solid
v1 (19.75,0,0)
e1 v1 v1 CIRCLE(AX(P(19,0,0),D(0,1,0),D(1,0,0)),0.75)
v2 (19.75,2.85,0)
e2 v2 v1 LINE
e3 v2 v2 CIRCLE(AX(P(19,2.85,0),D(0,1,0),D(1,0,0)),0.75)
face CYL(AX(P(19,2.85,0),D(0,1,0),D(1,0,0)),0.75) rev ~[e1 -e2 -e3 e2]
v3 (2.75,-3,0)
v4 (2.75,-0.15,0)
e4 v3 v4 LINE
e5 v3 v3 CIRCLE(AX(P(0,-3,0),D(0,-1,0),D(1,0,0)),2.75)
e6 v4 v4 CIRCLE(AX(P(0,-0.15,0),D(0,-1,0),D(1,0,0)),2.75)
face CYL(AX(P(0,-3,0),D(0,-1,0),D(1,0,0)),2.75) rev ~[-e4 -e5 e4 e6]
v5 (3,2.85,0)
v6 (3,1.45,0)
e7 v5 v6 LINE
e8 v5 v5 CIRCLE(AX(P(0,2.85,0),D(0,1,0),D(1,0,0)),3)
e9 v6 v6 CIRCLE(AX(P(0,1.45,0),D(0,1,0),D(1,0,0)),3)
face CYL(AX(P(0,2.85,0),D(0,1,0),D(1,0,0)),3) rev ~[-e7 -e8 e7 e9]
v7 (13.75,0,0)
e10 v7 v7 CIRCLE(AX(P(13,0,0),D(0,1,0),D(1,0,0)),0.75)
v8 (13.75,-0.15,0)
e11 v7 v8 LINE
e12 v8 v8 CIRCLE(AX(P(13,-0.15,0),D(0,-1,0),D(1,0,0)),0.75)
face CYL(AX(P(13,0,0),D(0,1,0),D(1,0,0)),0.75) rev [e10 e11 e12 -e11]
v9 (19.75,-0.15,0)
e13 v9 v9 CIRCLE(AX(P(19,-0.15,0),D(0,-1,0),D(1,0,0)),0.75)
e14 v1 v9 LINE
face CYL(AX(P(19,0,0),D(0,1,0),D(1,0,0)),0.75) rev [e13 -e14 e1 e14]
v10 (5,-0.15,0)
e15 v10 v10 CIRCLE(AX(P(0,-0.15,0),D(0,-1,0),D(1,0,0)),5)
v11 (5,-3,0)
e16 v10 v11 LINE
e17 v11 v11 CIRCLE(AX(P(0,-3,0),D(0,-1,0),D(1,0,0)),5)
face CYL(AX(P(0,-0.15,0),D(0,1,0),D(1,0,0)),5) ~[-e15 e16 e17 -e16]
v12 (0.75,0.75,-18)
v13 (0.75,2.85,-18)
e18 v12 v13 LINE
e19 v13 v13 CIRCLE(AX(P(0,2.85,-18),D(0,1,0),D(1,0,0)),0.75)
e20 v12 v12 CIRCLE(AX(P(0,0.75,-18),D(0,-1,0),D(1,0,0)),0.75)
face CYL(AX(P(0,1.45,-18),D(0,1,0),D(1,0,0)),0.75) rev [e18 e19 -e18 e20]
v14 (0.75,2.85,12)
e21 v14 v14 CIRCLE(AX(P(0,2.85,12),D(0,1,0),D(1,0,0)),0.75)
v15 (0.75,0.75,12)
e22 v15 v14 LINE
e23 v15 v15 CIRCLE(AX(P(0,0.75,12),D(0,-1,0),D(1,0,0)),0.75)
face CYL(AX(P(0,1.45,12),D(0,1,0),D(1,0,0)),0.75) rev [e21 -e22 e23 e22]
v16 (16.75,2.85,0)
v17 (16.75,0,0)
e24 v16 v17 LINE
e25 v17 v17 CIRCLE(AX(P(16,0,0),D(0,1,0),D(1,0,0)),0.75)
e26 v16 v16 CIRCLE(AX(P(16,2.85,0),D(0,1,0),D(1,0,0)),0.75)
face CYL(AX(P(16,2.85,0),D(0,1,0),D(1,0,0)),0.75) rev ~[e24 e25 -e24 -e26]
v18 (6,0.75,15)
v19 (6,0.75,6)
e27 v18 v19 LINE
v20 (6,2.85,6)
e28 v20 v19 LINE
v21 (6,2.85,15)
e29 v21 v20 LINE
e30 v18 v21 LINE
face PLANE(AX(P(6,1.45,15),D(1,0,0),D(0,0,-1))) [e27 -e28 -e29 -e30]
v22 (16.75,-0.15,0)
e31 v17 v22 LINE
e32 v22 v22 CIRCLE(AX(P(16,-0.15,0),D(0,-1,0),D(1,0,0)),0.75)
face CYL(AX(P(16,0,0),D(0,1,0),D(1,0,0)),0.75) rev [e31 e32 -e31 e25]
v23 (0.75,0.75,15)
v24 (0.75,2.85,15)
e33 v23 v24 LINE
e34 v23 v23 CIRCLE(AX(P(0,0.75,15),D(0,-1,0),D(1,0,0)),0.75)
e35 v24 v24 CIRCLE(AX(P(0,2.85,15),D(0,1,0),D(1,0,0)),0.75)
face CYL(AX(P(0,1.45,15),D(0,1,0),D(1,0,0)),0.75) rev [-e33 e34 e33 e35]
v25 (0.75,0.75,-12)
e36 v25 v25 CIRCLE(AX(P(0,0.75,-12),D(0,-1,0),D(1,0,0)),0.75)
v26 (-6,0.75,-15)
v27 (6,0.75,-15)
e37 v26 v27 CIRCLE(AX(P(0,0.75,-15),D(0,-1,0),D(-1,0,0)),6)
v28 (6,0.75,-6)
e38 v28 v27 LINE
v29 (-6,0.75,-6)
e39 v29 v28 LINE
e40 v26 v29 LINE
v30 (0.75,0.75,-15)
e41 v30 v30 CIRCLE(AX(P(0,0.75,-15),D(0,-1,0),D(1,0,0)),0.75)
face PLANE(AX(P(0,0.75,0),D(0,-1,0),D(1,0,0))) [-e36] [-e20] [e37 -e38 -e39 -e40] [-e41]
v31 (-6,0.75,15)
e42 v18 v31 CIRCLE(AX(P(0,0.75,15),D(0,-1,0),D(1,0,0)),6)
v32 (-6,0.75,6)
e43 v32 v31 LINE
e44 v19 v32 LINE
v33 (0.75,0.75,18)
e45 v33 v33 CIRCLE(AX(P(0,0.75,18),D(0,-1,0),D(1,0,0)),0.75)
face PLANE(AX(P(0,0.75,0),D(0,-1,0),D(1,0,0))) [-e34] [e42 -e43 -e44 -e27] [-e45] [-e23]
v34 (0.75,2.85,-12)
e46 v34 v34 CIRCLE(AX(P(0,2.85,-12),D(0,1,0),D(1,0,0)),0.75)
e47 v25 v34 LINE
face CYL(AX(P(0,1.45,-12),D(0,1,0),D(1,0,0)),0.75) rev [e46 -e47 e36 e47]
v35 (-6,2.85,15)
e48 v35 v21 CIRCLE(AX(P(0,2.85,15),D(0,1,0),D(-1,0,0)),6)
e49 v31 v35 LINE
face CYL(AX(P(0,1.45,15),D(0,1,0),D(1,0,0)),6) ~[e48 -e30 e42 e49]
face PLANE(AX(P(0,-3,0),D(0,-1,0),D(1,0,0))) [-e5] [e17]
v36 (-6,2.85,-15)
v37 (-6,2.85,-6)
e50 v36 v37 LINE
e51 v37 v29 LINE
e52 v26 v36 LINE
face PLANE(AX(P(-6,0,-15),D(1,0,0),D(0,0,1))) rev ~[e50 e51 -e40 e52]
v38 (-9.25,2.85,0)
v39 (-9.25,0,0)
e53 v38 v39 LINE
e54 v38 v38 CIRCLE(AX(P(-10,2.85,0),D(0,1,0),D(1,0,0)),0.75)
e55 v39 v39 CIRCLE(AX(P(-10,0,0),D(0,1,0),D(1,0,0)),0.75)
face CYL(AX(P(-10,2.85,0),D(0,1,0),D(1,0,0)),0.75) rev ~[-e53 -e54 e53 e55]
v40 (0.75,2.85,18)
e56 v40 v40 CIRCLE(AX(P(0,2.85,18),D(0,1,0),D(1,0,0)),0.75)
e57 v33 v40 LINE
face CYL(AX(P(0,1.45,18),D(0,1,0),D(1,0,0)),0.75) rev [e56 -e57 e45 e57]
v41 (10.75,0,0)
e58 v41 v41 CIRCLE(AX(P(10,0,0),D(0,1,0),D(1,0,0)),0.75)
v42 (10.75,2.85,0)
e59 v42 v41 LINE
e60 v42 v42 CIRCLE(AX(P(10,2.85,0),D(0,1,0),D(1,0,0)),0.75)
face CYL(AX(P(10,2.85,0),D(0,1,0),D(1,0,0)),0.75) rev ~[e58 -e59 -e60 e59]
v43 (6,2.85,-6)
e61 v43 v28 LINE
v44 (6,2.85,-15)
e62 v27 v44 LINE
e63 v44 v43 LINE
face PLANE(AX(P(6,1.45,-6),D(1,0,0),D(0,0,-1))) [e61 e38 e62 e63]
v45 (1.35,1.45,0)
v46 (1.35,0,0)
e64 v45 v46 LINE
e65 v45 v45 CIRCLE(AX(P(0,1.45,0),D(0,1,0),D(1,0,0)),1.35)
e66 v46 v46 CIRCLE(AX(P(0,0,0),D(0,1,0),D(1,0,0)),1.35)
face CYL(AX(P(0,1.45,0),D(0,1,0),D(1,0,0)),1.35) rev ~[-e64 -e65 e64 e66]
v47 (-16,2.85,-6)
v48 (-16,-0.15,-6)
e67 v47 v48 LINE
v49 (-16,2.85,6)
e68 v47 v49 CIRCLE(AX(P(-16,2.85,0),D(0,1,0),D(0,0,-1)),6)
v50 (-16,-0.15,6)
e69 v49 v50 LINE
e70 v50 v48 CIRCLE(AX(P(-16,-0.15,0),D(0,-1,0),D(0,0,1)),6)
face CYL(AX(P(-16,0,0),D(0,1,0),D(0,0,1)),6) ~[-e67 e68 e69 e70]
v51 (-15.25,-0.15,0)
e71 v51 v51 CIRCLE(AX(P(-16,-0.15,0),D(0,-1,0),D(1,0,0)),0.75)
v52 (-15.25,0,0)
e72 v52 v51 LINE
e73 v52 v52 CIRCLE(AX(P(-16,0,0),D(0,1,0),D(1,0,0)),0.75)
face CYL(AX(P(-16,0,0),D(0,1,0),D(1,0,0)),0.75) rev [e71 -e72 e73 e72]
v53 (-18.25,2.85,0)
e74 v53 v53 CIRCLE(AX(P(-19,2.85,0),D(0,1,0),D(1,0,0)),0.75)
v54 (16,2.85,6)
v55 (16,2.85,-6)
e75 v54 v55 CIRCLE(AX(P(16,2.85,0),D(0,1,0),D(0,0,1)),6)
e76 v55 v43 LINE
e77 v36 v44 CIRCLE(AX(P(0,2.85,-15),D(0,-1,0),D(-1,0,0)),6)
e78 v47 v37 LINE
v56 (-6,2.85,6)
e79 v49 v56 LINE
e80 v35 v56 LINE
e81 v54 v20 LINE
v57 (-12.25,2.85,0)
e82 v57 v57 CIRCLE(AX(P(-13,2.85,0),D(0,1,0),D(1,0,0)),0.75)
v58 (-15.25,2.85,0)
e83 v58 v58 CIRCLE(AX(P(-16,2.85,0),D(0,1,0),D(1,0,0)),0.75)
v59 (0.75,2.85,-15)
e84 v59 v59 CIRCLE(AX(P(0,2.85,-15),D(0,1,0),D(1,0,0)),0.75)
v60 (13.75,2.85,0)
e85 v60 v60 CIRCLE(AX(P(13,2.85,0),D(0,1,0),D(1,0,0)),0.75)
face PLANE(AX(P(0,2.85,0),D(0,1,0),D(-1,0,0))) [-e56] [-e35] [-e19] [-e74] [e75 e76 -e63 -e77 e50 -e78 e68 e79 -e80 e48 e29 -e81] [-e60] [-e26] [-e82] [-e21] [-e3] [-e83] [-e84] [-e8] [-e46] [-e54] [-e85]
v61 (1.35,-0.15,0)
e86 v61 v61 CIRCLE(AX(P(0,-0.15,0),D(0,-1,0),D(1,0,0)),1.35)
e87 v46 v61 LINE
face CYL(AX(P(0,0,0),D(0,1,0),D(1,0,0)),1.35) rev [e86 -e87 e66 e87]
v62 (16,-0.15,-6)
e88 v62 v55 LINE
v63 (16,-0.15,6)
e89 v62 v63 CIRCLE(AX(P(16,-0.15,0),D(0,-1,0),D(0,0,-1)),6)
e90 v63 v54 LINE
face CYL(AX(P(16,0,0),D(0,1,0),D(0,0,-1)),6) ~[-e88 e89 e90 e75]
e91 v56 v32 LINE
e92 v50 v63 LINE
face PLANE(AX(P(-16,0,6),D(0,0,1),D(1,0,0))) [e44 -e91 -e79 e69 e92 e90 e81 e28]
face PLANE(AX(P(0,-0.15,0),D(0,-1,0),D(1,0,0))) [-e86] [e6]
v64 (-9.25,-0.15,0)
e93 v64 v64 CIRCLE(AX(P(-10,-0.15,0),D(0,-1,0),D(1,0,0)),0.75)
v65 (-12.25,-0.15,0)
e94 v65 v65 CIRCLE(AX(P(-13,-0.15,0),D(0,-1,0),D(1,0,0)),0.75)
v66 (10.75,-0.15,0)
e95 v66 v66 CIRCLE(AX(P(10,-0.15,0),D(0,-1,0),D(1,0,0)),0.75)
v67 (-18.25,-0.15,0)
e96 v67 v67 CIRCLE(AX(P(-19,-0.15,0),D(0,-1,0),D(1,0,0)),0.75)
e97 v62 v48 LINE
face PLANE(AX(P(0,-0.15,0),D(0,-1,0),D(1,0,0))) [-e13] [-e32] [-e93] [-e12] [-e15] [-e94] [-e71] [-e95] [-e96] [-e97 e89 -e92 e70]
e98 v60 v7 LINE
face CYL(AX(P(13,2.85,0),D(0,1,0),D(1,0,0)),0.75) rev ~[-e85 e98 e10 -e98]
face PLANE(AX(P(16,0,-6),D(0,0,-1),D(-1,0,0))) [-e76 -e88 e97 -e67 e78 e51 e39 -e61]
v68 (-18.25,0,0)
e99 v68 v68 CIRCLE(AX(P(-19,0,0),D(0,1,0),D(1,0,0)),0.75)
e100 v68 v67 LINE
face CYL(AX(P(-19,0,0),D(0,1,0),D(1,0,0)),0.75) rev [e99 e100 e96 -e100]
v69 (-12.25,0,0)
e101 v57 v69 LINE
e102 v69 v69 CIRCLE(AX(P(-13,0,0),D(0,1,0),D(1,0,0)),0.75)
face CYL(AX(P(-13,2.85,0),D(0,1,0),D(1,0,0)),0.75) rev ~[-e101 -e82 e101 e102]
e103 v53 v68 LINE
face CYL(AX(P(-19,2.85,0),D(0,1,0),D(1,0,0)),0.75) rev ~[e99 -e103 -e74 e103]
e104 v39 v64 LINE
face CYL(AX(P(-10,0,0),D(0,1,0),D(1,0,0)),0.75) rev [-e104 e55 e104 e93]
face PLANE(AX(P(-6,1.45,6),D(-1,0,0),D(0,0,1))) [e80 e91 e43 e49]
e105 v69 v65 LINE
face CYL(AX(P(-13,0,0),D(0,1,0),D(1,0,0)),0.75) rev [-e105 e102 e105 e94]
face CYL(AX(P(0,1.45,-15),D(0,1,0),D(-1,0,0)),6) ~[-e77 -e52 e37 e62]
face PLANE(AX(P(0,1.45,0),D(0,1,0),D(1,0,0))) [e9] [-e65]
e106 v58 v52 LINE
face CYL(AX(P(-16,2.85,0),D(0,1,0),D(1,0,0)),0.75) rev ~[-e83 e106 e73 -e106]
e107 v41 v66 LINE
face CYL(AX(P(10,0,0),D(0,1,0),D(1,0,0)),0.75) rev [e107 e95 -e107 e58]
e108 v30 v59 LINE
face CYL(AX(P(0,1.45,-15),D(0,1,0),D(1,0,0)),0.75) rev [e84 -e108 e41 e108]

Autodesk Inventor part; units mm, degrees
ref_plane "YZ Plane" through (0, 0, 0) normal (1, 0, 0) x (0, 1, 0)
ref_plane "XZ Plane" through (0, 0, 0) normal (0, 1, 0) x (-1, 0, 0)
ref_plane "XY Plane" through (0, 0, 0) normal (0, 0, 1) x (1, 0, 0)
sketch "Sketch1" plane through (0, 0, 0) normal (0, 1, 0) x (-1, 0, 0)
  line L0 (6, -15) -> (6, -6)
  line L1 (16, -6) -> (16, 0)
  line L2 (6, -15) -> (0, -15)
  line L3 (16, -6) -> (6, -6)
  arc A0 (0, -21) -> (6, -15) centre (0, -15) ccw
  arc A1 (16, -6) -> (22, 0) centre (16, 0) ccw
  line L4 (6, 15) -> (6, 6)
  line L5 (16, 6) -> (16, 0)
  line L6 (6, 15) -> (0, 15)
  line L7 (16, 6) -> (6, 6)
  arc A2 (6, 15) -> (0, 21) centre (0, 15) ccw
  arc A3 (22, 0) -> (16, 6) centre (16, 0) ccw
  line L8 (-6, -15) -> (-6, -6)
  line L9 (-16, -6) -> (-16, 0)
  line L10 (-6, -15) -> (0, -15)
  line L11 (-16, -6) -> (-6, -6)
  arc A4 (-6, -15) -> (0, -21) centre (0, -15) ccw
  arc A5 (-22, 0) -> (-16, -6) centre (-16, 0) ccw
  line L12 (-16, 6) -> (-16, 0)
  arc A6 (-16, 6) -> (-22, 0) centre (-16, 0) ccw
  line L13 (-16, 6) -> (-6, 6)
  line L14 (-6, 15) -> (-6, 6)
  line L15 (-6, 15) -> (0, 15)
  arc A7 (0, 21) -> (-6, 15) centre (0, 15) ccw
  point P0 (0, 0)
  dimension "d0" = 16
  dimension "d1" = 15
extrude "Extrusion1" add sketch "Sketch1" along normal blind 2.85
sketch "Sketch2" plane through (0, 0, 0) normal (0, -1, 0) x (1, 0, 0)
  line L0 (-6, -15) -> (-6, -6) projected
  line L1 (-6, -6) -> (-6, -15)
  line L2 (6, -6) -> (6, -15) projected
  line L3 (6, -6) -> (6, -15)
  arc A0 (-6, -15) -> (6, -15) centre (0, -15) ccw
  line L4 (-6, -6) -> (6, -6)
  line L5 (-6, 15) -> (-6, 6)
  line L6 (6, 6) -> (6, 15)
  arc A1 (6, 15) -> (-6, 15) centre (0, 15) ccw
  line L7 (-6, 6) -> (6, 6)
  point P0 (0, 0)
extrude "Extrusion2" cut sketch "Sketch2" against normal blind 1.45
sketch "Sketch3" plane through (0, 2.85, 0) normal (0, 1, 0) x (1, 0, 0)
  circle A0 centre (16, 0) radius 0.75
  circle A1 centre (0, -15) radius 0.75
  circle A2 centre (10, 0) radius 0.75
  circle A3 centre (13, 0) radius 0.75
  circle A4 centre (19, 0) radius 0.75
  arc A5 (6, 15) -> (-6, 15) centre (0, 15) ccw projected
  arc A6 (-6, -15) -> (6, -15) centre (0, -15) ccw projected
  circle A7 centre (-16, 0) radius 0.75
  circle A8 centre (-10, 0) radius 0.75
  circle A9 centre (-13, 0) radius 0.75
  circle A10 centre (-19, 0) radius 0.75
  circle A11 centre (0, -12) radius 0.75
  circle A12 centre (0, -18) radius 0.75
  arc A13 (16, -6) -> (16, 6) centre (16, 0) ccw projected
  arc A14 (-16, 6) -> (-16, -6) centre (-16, 0) ccw projected
  circle A15 centre (0, 15) radius 0.75
  circle A16 centre (0, 12) radius 0.75
  circle A17 centre (0, 18) radius 0.75
  point P0 (0, 0)
  dimension "d10" = 1.5
  dimension "d12" = 1.5
  dimension "d14" = 1.5
  dimension "d17" = 1.5
  dimension "d19" = 1.5
  dimension "d22" = 1.5
extrude "Extrusion3" cut sketch "Sketch3" against normal blind 2.85
sketch "Sketch4" plane through (0, 2.85, 0) normal (0, 1, 0) x (1, 0, 0)
  circle A0 centre (0, 0) radius 3
  dimension "d25" = 6
extrude "Extrusion4" cut sketch "Sketch4" against normal blind 1.4
sketch "Sketch5" plane through (0, 1.45, 0) normal (0, 1, 0) x (1, 0, 0)
  circle A0 centre (0, 0) radius 1.35
  dimension "d28" = 2.7
extrude "Extrusion5" cut sketch "Sketch5" against normal blind 1.45
sketch "Sketch6" plane through (0, 1.45, 0) normal (0, -1, 0) x (1, 0, 0)
  circle A0 centre (0, 18) radius 0.75 projected
  circle A1 centre (0, 12) radius 0.75 projected
  circle A2 centre (0, 15) radius 0.75 projected
  line L0 (6, 6) -> (-6, 6) projected
  line L1 (6, 15) -> (6, 6) projected
  arc A3 (6, 15) -> (-6, 15) centre (0, 15) ccw projected
  line L2 (-6, 6) -> (-6, 15) projected
  point P0 (0, 0)
extrude "Extrusion6" add sketch "Sketch6" along normal blind 0.7
sketch "Sketch7" plane through (0, 1.45, 0) normal (0, -1, 0) x (1, 0, 0)
  circle A0 centre (0, -18) radius 0.75 projected
  circle A1 centre (0, -15) radius 0.75 projected
  circle A2 centre (0, -12) radius 0.75 projected
  line L0 (6, -6) -> (6, -15) projected
  line L1 (-6, -6) -> (6, -6) projected
  line L2 (-6, -15) -> (-6, -6) projected
  arc A3 (-6, -15) -> (6, -15) centre (0, -15) ccw projected
  point P0 (0, 0)
extrude "Extrusion7" add sketch "Sketch7" along normal blind 0.7
sketch "Sketch8" plane through (0, 0, 0) normal (0, -1, 0) x (1, 0, 0)
  circle A0 centre (0, 0) radius 1.35 projected
  circle A1 centre (13, 0) radius 0.75 projected
  circle A2 centre (-19, 0) radius 0.75 projected
  circle A3 centre (-16, 0) radius 0.75 projected
  circle A4 centre (16, 0) radius 0.75 projected
  circle A5 centre (10, 0) radius 0.75 projected
  circle A6 centre (-10, 0) radius 0.75 projected
  circle A7 centre (-13, 0) radius 0.75 projected
  circle A8 centre (19, 0) radius 0.75 projected
  line L0 (-16, 6) -> (16, 6) projected
  arc A9 (-16, 6) -> (-16, -6) centre (-16, 0) ccw projected
  line L1 (16, -6) -> (-16, -6) projected
  arc A10 (16, -6) -> (16, 6) centre (16, 0) ccw projected
extrude "Extrusion8" add sketch "Sketch8" along normal blind 0.15
sketch "Sketch9" plane through (0, -0.15, 0) normal (0, -1, 0) x (1, 0, 0)
  circle A0 centre (0, 0) radius 5
  dimension "d37" = 10
extrude "Extrusion9" add sketch "Sketch9" along normal blind 2.85
sketch "Sketch10" plane through (0, -3, 0) normal (0, -1, 0) x (1, 0, 0)
  circle A0 centre (0, 0) radius 2.75
  dimension "d40" = 5.5
extrude "Extrusion10" cut sketch "Sketch10" against normal blind 2.85
properties part number "MMAE 232 Assignment 2_Servo Horn 3 - Dylan Tamras"
